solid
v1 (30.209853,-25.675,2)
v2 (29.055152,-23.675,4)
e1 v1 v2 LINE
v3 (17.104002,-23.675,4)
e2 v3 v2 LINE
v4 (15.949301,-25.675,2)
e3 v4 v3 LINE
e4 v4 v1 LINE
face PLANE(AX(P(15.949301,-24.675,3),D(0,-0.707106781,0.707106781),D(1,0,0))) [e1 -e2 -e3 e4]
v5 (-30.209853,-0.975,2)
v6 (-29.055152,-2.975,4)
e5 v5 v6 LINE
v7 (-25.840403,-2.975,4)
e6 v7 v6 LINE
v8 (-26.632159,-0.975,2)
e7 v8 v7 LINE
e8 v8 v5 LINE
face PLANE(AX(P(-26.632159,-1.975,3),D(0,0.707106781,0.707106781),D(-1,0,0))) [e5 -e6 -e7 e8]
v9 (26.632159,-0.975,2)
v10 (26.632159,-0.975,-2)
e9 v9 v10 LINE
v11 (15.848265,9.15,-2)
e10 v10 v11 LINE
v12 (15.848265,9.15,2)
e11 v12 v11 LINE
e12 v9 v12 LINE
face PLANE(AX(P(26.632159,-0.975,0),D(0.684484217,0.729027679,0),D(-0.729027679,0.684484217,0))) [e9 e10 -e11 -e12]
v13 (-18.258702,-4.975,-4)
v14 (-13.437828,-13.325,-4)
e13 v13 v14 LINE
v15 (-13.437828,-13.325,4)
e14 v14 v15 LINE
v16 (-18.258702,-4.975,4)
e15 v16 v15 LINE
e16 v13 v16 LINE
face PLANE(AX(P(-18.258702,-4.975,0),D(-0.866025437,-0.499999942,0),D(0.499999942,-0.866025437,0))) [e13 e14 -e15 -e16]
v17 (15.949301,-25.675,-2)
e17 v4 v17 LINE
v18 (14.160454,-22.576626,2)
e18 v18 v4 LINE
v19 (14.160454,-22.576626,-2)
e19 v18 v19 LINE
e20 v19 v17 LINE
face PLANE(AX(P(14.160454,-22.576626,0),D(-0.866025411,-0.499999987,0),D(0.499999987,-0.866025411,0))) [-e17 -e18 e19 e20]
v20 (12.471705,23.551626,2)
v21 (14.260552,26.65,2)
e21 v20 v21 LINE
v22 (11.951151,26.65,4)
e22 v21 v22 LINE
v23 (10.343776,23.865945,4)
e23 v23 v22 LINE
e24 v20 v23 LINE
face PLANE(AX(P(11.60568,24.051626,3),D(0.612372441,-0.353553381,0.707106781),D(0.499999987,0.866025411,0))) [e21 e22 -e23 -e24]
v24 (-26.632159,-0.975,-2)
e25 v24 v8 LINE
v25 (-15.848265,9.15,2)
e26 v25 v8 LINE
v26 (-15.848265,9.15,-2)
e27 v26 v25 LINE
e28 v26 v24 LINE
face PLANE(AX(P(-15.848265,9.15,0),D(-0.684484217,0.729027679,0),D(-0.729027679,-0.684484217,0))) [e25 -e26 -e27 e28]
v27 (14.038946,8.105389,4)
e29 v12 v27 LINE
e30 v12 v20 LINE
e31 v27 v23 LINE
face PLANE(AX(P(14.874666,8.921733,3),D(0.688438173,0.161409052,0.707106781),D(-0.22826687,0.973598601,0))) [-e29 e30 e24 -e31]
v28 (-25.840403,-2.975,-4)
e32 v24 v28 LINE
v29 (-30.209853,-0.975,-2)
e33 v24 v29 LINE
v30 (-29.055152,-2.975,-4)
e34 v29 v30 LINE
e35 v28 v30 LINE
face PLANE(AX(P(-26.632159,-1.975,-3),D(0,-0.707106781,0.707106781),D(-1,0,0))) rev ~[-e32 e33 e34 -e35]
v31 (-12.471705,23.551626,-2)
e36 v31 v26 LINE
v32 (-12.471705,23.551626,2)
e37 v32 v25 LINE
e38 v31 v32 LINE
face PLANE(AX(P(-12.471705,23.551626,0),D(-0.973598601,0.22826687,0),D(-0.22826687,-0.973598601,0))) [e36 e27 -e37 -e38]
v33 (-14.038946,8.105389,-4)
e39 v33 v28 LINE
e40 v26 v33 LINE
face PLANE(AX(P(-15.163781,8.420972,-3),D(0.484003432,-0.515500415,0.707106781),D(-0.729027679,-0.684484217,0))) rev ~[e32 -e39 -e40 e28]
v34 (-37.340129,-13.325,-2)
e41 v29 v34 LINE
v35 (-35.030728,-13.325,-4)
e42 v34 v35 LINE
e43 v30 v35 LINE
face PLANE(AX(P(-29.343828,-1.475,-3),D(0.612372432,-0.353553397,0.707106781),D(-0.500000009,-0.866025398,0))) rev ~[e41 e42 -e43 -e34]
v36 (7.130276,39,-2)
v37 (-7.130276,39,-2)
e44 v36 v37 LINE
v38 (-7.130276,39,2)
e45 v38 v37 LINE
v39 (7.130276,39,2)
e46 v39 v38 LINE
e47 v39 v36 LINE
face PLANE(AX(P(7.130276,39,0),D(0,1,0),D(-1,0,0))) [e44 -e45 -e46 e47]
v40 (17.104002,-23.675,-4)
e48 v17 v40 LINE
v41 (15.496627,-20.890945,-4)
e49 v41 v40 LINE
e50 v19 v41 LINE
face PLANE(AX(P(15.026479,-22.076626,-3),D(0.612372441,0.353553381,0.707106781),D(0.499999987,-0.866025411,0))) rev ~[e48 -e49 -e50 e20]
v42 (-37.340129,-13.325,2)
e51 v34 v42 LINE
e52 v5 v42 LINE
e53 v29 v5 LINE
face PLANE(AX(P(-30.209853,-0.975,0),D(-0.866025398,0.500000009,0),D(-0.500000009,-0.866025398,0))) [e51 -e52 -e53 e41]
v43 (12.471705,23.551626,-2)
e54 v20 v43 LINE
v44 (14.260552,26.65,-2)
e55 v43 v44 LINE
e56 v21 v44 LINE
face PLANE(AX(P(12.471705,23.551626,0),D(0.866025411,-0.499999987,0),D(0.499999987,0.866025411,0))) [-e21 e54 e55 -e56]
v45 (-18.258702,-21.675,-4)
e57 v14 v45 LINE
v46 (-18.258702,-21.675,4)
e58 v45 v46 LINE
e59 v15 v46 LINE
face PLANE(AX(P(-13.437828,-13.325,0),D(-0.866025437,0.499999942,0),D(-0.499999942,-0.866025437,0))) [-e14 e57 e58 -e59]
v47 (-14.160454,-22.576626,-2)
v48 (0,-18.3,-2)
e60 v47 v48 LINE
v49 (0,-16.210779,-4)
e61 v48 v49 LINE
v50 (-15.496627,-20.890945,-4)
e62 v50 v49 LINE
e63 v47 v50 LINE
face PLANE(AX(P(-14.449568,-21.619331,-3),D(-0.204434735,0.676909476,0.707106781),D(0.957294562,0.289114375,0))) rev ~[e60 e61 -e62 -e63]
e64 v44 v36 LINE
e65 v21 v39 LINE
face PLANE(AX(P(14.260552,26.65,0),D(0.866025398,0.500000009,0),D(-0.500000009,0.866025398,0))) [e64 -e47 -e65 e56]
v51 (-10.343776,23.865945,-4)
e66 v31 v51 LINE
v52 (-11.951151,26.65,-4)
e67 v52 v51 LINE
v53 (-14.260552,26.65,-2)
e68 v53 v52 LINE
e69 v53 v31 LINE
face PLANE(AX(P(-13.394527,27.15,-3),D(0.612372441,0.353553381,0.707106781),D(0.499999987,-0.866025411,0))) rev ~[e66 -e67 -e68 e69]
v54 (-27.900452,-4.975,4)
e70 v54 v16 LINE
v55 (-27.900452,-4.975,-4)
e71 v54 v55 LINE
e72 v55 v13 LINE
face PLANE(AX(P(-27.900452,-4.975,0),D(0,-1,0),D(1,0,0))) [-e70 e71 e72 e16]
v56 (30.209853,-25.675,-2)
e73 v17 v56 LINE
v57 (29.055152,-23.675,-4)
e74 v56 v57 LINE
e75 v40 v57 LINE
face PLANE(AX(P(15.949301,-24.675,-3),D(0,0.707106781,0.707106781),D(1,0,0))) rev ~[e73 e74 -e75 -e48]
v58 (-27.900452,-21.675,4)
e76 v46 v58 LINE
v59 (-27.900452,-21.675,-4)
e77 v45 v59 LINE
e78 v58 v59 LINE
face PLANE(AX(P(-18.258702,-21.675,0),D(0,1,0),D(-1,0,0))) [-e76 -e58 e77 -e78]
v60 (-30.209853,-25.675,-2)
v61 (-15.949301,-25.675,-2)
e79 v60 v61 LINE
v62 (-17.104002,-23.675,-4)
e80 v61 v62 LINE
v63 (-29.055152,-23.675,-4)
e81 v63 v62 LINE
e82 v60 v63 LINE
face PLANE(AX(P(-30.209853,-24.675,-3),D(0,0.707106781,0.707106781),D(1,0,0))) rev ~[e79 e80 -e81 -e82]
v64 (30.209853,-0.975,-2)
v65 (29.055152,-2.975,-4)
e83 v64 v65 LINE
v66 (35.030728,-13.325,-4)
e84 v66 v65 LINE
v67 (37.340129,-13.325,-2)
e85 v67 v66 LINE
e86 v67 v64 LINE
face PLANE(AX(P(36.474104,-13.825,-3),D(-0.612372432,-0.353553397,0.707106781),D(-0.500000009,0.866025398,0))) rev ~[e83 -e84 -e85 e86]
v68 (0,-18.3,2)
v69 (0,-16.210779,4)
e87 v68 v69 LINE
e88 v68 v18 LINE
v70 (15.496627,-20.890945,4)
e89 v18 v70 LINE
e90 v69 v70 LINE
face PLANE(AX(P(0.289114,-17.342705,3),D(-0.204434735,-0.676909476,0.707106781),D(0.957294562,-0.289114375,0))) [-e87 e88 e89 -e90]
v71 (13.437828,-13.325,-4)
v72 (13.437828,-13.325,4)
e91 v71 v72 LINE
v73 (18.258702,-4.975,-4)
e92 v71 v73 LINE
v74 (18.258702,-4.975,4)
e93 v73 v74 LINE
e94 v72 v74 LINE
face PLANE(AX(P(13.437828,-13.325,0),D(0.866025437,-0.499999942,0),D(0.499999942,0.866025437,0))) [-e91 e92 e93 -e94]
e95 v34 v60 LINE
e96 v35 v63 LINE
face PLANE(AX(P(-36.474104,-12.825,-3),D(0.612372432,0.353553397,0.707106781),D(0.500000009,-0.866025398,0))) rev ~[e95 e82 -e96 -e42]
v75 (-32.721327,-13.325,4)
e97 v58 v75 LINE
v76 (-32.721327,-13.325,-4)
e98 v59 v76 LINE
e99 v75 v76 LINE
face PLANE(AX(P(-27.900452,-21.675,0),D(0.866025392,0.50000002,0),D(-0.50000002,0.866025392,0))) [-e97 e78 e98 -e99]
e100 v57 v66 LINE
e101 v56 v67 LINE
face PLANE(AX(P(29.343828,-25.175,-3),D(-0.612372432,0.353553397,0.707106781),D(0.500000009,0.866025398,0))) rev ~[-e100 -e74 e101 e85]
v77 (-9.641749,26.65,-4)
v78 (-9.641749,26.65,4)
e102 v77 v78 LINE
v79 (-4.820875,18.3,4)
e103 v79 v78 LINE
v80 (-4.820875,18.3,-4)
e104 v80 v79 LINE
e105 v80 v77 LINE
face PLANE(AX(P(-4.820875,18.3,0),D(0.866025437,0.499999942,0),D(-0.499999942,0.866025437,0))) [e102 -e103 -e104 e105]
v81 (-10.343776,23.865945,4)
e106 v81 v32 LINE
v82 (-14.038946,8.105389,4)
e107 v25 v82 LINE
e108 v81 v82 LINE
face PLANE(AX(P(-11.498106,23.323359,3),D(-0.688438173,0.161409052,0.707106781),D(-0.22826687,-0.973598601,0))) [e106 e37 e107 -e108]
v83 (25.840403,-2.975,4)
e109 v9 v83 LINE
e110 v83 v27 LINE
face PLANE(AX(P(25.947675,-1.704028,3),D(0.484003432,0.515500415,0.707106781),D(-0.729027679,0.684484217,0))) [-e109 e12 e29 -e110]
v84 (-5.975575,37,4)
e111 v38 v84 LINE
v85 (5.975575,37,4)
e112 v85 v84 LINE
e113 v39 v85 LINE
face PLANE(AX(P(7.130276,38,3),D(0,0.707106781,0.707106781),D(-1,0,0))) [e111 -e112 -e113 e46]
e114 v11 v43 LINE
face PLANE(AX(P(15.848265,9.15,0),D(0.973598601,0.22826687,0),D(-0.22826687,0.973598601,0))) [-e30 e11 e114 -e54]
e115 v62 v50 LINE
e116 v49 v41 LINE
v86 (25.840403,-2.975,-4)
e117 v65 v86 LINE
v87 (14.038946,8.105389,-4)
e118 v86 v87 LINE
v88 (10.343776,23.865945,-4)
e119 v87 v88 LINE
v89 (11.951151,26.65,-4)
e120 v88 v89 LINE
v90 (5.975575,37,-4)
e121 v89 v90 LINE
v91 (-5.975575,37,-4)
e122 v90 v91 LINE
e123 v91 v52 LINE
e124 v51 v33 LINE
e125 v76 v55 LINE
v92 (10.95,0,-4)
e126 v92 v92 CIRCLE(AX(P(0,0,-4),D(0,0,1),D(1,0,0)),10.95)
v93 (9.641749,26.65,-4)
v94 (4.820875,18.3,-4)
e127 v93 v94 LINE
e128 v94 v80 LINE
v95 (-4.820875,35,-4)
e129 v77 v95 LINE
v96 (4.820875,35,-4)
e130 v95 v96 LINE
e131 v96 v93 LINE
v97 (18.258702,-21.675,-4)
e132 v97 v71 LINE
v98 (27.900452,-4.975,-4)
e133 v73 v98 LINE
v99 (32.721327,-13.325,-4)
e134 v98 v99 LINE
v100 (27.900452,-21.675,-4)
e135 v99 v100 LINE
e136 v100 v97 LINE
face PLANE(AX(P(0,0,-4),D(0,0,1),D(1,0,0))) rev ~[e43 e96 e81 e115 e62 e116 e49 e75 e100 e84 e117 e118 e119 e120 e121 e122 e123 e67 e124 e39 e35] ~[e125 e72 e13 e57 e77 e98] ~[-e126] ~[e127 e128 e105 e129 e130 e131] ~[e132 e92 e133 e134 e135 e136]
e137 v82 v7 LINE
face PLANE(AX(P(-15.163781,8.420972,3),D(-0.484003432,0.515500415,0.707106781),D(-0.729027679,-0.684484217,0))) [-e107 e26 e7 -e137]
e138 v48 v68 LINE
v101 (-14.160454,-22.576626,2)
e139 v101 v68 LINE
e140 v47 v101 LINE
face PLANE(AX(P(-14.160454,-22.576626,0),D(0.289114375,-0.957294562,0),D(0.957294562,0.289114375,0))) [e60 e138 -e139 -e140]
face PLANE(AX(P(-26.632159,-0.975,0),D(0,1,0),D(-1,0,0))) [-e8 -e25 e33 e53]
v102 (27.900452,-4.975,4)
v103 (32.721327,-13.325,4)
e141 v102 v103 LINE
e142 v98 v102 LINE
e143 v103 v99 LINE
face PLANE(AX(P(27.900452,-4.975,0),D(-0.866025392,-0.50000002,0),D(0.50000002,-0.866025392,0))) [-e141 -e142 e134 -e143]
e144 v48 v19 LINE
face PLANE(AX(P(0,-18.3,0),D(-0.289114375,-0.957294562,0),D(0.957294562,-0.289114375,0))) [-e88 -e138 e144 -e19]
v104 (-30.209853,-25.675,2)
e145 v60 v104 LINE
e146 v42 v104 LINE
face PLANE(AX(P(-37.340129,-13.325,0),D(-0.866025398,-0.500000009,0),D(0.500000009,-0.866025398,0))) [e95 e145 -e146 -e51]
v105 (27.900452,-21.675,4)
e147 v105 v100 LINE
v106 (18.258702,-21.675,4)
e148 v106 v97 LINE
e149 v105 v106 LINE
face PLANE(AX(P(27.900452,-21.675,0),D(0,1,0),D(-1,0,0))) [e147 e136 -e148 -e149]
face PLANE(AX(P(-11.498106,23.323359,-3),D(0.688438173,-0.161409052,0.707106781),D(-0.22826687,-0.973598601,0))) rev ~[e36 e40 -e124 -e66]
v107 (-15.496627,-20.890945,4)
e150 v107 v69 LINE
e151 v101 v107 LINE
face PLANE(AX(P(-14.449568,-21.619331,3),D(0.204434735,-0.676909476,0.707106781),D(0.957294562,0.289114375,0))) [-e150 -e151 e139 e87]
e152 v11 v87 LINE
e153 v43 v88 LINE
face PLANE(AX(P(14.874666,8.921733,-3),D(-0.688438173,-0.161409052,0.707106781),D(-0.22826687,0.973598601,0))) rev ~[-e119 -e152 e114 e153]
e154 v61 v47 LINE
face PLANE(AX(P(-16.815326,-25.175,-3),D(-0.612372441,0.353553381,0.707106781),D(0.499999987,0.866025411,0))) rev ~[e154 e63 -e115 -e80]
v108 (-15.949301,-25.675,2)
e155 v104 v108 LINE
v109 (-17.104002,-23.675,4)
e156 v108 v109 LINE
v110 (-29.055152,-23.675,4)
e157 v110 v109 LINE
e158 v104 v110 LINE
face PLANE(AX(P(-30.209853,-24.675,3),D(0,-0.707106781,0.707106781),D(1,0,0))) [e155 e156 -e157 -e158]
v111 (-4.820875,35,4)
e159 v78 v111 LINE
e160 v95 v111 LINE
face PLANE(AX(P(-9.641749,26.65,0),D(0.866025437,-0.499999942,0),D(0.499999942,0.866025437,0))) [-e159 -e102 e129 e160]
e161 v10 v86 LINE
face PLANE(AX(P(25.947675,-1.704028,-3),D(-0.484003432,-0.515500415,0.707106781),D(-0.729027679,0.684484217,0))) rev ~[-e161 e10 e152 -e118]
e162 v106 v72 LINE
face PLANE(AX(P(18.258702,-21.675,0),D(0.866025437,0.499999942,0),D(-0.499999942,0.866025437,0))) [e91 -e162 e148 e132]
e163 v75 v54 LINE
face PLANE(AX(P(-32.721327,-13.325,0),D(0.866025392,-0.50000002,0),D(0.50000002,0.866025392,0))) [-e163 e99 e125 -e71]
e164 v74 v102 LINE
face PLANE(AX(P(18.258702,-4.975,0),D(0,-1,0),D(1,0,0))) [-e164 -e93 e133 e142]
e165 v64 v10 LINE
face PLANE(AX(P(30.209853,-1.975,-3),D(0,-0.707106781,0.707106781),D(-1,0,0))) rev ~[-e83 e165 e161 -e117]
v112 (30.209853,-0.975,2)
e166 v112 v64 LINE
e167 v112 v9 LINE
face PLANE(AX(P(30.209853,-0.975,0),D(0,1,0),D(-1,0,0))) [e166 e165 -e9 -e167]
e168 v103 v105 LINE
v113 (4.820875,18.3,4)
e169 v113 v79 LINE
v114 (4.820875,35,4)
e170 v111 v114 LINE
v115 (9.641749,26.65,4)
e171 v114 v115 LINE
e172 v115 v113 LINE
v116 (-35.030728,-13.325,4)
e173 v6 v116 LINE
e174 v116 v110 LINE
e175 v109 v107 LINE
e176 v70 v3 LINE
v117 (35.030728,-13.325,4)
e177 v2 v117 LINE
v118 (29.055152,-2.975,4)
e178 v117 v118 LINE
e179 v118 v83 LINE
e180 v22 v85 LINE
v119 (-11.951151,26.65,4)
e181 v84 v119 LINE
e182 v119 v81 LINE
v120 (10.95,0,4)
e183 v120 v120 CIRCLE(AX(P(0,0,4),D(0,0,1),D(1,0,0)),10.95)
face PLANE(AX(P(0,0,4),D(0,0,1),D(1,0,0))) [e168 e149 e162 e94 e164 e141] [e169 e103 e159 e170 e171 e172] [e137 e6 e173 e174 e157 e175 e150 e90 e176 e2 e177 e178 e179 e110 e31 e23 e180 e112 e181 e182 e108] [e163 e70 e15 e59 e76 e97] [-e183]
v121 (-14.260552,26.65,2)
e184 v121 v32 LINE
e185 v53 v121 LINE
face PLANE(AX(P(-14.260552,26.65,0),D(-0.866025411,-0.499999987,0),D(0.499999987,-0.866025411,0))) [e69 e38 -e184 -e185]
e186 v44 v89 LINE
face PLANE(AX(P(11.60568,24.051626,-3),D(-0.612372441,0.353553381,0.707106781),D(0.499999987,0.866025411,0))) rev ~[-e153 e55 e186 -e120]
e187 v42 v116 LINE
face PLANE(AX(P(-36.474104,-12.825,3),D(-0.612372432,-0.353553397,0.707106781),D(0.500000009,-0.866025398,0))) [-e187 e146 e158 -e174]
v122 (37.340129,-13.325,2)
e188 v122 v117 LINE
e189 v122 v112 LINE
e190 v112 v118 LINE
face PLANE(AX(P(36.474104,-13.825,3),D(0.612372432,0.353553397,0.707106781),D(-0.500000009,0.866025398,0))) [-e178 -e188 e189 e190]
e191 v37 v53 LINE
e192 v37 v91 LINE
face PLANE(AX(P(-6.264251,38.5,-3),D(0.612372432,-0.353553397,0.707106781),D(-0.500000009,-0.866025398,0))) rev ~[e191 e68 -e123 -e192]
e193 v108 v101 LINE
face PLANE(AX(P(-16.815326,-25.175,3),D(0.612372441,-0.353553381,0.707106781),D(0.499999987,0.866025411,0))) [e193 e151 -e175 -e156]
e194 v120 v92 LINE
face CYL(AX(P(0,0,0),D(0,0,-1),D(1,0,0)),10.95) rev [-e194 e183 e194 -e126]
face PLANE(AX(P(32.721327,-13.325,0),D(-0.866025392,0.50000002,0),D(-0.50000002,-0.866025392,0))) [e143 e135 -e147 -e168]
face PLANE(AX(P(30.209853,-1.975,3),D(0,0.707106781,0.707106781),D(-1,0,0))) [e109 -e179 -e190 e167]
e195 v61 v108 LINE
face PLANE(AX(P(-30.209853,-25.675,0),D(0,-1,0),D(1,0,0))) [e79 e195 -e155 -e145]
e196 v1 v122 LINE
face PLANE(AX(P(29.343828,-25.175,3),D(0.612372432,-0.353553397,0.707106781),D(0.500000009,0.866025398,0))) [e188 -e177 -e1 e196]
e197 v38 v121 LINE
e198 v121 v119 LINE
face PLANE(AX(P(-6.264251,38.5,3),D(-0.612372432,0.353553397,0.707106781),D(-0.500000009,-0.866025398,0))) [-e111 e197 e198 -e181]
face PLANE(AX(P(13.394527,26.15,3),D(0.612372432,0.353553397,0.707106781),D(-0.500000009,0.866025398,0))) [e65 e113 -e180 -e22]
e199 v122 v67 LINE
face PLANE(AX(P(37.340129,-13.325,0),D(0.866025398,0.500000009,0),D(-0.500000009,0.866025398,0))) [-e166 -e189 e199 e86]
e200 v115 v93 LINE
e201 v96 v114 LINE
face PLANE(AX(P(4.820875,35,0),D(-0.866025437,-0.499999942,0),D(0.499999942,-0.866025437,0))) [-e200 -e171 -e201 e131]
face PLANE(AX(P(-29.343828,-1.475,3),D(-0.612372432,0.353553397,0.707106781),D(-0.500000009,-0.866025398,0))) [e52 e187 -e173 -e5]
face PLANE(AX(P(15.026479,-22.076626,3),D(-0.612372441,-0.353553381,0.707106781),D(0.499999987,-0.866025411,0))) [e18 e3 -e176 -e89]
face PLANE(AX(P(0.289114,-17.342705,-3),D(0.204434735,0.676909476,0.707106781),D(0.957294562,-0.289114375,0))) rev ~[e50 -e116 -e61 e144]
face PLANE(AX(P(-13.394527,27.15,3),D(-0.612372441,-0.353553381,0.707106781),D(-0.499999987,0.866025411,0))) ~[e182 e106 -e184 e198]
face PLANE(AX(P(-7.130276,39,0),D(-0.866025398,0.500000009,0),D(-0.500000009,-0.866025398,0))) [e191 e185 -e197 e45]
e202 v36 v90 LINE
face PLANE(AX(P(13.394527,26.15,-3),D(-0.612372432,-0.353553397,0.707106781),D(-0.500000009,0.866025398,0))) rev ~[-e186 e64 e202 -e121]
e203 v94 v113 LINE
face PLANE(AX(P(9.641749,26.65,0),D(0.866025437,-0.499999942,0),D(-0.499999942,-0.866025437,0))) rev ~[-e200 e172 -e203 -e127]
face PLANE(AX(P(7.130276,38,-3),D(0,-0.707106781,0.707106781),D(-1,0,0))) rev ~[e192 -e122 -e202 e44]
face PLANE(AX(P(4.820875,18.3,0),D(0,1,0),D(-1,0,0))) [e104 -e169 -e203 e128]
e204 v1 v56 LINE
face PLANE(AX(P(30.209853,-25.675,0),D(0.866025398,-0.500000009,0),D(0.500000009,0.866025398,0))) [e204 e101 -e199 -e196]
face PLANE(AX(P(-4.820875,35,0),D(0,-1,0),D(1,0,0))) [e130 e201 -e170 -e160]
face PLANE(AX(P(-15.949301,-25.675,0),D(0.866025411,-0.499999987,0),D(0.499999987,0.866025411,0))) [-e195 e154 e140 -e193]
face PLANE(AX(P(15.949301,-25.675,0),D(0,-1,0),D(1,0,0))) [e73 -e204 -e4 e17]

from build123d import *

# Parameters (mm, degrees)
F0_R     = 10.95
F1_DEPTH = 4
F2_SIZE  = 2


with BuildPart() as f1:
    # F0 (on Top) → F1 (new body, symmetric)
    with BuildSketch(Plane.XY):
        Polygon((-7.130276, 39), (-14.260552, 26.65), (-12.471705, 23.551626), (-15.848265, 9.15), (-26.632159, -0.975), (-30.209853, -0.975), (-37.340129, -13.325), (-30.209853, -25.675), (-15.949301, -25.675), (-14.160454, -22.576626), (0, -18.3), (14.160454, -22.576626), (15.949301, -25.675), (30.209853, -25.675), (37.340129, -13.325), (30.209853, -0.975), (26.632159, -0.975), (15.848265, 9.15), (12.471705, 23.551626), (14.260552, 26.65), (7.130276, 39), align=None)
        Polygon((-18.258702, -4.975), (-13.437828, -13.325), (-18.258702, -21.675), (-27.900452, -21.675), (-32.721327, -13.325), (-27.900452, -4.975), align=None, mode=Mode.SUBTRACT)
        Polygon((13.437828, -13.325), (18.258702, -4.975), (27.900452, -4.975), (32.721327, -13.325), (27.900452, -21.675), (18.258702, -21.675), align=None, mode=Mode.SUBTRACT)
        Circle(F0_R, mode=Mode.SUBTRACT)
        Polygon((9.641749, 26.65), (4.820875, 18.3), (-4.820875, 18.3), (-9.641749, 26.65), (-4.820875, 35), (4.820875, 35), align=None, mode=Mode.SUBTRACT)
    extrude(amount=F1_DEPTH, both=True)

    # F2
    f2_edges = [f1.edges().sort_by_distance(p)[0] for p in [
        (10.695414, 32.825, 4),
        (0, 39, 4),
        (-10.695414, 32.825, 4),
        (-13.366128, 25.100813, 4),
        (13.366128, 25.100813, 4),
        (14.159985, 16.350813, 4),
        (21.240212, 4.0875, 4),
        (28.421006, -0.975, 4),
        (33.774991, -7.15, 4),
        (33.774991, -19.5, 4),
        (23.079577, -25.675, 4),
        (7.080227, -20.438313, 4),
        (-7.080227, -20.438313, 4),
        (-15.054878, -24.125813, 4),
        (15.054878, -24.125813, 4),
        (-23.079577, -25.675, 4),
        (-33.774991, -19.5, 4),
        (-33.774991, -7.15, 4),
        (-21.240212, 4.0875, 4),
        (-14.159985, 16.350813, 4),
        (-28.421006, -0.975, 4),
        (-21.240212, 4.0875, -4),
        (-14.159985, 16.350813, -4),
        (-13.366128, 25.100813, -4),
        (-10.695414, 32.825, -4),
        (0, 39, -4),
        (10.695414, 32.825, -4),
        (13.366128, 25.100813, -4),
        (14.159985, 16.350813, -4),
        (21.240212, 4.0875, -4),
        (28.421006, -0.975, -4),
        (33.774991, -7.15, -4),
        (33.774991, -19.5, -4),
        (23.079577, -25.675, -4),
        (15.054878, -24.125813, -4),
        (7.080227, -20.438313, -4),
        (-7.080227, -20.438313, -4),
        (-15.054878, -24.125813, -4),
        (-23.079577, -25.675, -4),
        (-33.774991, -19.5, -4),
        (-33.774991, -7.15, -4),
        (-28.421006, -0.975, -4),
    ]]
    chamfer(f2_edges, length=F2_SIZE)


solid = f1.part
